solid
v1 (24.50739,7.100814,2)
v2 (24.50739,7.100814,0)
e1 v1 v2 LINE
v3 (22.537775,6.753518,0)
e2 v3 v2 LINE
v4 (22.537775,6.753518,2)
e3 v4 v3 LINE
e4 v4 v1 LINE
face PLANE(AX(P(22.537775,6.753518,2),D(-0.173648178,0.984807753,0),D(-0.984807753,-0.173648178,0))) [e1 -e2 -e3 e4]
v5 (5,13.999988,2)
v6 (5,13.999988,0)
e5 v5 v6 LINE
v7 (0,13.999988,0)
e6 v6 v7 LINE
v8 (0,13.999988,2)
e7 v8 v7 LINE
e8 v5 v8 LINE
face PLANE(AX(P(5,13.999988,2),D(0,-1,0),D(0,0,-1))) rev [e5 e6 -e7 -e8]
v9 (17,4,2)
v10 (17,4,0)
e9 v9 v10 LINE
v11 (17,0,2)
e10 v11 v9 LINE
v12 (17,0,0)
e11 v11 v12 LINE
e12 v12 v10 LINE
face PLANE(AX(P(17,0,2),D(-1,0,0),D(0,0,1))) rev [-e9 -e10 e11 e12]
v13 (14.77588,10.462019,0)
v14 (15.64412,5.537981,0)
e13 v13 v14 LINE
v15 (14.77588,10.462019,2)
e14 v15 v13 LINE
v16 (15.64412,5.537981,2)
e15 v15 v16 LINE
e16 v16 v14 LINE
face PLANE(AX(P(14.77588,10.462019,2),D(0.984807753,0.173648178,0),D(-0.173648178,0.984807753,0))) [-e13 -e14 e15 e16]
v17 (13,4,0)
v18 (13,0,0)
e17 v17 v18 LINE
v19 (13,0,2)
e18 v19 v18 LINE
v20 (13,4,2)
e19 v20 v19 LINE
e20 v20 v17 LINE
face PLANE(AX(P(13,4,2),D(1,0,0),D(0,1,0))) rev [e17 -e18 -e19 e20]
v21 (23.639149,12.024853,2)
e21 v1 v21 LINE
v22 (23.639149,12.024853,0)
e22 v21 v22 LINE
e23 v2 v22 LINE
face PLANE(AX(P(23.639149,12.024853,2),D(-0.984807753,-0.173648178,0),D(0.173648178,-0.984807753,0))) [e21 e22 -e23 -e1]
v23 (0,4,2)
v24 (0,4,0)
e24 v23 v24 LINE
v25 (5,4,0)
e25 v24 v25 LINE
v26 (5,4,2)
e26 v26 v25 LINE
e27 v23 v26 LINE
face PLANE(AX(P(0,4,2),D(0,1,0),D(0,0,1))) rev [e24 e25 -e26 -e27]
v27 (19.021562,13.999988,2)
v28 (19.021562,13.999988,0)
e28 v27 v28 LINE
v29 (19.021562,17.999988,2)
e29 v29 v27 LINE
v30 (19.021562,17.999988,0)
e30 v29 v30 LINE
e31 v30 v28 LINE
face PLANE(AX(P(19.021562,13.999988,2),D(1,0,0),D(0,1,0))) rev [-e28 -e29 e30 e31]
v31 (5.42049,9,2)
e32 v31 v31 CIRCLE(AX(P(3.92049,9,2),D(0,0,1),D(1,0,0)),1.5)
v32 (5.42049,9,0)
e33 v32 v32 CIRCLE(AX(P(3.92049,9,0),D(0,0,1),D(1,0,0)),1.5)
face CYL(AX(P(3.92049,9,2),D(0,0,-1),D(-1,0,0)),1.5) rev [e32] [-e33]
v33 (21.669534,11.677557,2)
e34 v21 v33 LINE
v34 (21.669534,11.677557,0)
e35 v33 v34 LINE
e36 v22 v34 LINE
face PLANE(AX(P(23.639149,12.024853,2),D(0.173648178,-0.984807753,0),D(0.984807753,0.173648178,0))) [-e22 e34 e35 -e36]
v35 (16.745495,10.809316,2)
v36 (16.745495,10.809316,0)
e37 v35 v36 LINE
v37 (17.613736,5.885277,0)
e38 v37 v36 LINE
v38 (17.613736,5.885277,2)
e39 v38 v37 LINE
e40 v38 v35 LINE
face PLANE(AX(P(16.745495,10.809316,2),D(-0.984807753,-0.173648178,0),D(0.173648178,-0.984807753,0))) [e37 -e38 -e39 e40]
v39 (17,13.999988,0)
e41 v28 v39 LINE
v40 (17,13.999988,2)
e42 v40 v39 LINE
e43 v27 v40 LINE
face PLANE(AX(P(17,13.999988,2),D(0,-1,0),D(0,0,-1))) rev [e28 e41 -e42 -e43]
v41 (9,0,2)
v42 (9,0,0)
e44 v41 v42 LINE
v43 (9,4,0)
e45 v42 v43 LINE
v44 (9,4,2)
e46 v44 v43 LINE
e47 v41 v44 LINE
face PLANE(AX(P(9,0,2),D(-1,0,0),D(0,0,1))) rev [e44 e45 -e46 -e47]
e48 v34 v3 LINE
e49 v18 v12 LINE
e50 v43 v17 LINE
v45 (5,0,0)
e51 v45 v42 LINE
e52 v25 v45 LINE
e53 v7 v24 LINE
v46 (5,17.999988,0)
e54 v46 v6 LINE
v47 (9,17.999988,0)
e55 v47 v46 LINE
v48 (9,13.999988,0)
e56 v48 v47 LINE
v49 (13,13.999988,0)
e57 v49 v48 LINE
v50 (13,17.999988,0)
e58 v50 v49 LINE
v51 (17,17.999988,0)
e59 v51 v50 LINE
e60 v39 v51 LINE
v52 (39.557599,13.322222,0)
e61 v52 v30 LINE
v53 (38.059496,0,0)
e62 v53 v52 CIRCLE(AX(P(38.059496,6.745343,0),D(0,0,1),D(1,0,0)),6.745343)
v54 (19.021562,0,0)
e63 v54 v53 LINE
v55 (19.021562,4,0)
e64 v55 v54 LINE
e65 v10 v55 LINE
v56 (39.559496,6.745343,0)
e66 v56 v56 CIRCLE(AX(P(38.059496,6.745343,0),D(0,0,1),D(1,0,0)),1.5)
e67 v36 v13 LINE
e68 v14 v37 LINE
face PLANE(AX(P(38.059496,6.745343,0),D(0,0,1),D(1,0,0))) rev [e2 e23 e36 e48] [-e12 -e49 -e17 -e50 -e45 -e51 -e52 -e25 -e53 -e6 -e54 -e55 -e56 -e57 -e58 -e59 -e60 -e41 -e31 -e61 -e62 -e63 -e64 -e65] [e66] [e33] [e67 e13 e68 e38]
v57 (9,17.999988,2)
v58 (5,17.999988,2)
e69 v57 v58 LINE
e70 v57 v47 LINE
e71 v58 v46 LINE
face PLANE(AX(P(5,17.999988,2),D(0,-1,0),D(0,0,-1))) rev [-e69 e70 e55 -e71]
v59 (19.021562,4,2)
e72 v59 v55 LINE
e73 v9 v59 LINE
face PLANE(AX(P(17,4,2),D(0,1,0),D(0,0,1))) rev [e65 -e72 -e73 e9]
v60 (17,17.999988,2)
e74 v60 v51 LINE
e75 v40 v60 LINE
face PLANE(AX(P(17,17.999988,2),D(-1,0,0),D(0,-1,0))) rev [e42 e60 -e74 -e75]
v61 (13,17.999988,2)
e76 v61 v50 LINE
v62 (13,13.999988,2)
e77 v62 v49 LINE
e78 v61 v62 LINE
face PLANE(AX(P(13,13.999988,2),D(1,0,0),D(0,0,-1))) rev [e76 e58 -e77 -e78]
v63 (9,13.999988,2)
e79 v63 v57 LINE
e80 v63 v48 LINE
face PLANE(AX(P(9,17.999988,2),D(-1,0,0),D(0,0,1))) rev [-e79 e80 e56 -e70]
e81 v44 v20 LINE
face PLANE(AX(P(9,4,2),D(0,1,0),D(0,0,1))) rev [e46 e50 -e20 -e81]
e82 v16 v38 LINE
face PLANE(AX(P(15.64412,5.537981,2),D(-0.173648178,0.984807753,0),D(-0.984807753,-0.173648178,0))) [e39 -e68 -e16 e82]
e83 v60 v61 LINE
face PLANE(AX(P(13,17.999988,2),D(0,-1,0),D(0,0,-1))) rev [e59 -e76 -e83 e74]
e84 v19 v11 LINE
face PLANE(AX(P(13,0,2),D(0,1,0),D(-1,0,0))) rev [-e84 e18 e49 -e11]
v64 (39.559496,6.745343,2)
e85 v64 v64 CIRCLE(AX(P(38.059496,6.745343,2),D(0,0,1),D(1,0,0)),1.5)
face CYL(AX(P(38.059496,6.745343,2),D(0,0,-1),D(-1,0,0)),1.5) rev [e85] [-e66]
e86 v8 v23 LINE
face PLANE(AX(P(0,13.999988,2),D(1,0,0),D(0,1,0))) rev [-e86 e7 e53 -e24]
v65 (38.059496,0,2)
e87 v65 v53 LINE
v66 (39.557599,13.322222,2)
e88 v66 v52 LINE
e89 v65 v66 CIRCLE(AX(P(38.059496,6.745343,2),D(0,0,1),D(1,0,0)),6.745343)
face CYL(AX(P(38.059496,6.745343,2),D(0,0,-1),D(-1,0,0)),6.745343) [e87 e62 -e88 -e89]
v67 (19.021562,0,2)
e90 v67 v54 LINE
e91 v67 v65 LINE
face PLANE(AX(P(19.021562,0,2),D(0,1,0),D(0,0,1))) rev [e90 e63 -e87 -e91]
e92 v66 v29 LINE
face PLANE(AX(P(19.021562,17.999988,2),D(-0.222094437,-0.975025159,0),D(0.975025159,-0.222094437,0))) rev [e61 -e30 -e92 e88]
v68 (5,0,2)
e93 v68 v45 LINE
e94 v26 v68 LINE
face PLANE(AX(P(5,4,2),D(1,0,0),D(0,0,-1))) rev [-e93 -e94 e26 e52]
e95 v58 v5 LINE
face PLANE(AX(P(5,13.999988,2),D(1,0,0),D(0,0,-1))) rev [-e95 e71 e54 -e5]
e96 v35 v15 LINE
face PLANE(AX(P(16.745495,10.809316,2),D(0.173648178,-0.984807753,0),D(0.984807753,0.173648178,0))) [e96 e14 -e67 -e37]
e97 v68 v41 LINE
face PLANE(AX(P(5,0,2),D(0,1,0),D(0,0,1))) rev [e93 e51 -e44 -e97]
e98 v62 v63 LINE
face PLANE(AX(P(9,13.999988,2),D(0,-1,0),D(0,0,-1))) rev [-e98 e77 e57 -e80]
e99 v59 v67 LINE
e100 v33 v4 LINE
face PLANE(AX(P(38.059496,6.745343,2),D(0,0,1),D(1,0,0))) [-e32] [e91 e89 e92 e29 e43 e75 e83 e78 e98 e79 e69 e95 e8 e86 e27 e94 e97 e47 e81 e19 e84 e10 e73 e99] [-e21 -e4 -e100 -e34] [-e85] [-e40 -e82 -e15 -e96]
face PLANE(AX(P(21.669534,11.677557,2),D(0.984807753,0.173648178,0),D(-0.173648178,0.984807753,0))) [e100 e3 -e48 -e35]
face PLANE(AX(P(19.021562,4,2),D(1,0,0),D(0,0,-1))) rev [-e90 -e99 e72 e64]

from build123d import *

# Parameters (mm, degrees)
SKETCH1_R           = 1.5
BOSS_EXTRUDE1_DEPTH = 2


with BuildPart() as part:
    # Sketch1 → Boss-Extrude1 (new body)
    with BuildSketch(Plane.XY):
        with BuildLine():
            Line((5, 0), (9, 0))
            Line((9, 0), (9, 4))
            Line((9, 4), (13, 4))
            Line((13, 4), (13, 0))
            Line((13, 0), (17, 0))
            Line((17, 0), (17, 4))
            Line((17, 4), (19.021561934, 4))
            Line((19.021561934, 4), (19.021561934, 0))
            Line((19.021561934, 0), (38.059495851, 0))
            ThreePointArc((38.059495851, 0), (44.762590659, 5.991570372), (39.557599026, 13.322222296))
            Line((39.557599026, 13.322222296), (19.021561934, 17.999988357))
            Line((19.021561934, 17.999988357), (19.021561934, 13.999988357))
            Line((19.021561934, 13.999988357), (17, 13.999988357))
            Line((17, 13.999988357), (17, 17.999988357))
            Line((17, 17.999988357), (13, 17.999988357))
            Line((13, 17.999988357), (13, 13.999988357))
            Line((13, 13.999988357), (9, 13.999988357))
            Line((9, 13.999988357), (9, 17.999988357))
            Line((9, 17.999988357), (5, 17.999988357))
            Line((5, 17.999988357), (5, 13.999988357))
            Line((5, 13.999988357), (0, 13.999988357))
            Line((0, 13.999988357), (0, 4))
            Line((0, 4), (5, 4))
            Line((5, 4), (5, 0))
        make_face()
        with Locations((3.920490093, 9)):
            Circle(SKETCH1_R, mode=Mode.SUBTRACT)
        with Locations((38.059495851, 6.745343083)):
            Circle(SKETCH1_R, mode=Mode.SUBTRACT)
        Polygon((23.639149333, 12.024852982), (21.669533827, 11.677556626), (22.537774715, 6.753517861), (24.507390221, 7.100814216), align=None, mode=Mode.SUBTRACT)
        Polygon((16.745495062, 10.809315738), (17.61373595, 5.885276973), (15.644120444, 5.537980617), (14.775879556, 10.462019383), align=None, mode=Mode.SUBTRACT)
    extrude(amount=BOSS_EXTRUDE1_DEPTH)


solid = part.part
